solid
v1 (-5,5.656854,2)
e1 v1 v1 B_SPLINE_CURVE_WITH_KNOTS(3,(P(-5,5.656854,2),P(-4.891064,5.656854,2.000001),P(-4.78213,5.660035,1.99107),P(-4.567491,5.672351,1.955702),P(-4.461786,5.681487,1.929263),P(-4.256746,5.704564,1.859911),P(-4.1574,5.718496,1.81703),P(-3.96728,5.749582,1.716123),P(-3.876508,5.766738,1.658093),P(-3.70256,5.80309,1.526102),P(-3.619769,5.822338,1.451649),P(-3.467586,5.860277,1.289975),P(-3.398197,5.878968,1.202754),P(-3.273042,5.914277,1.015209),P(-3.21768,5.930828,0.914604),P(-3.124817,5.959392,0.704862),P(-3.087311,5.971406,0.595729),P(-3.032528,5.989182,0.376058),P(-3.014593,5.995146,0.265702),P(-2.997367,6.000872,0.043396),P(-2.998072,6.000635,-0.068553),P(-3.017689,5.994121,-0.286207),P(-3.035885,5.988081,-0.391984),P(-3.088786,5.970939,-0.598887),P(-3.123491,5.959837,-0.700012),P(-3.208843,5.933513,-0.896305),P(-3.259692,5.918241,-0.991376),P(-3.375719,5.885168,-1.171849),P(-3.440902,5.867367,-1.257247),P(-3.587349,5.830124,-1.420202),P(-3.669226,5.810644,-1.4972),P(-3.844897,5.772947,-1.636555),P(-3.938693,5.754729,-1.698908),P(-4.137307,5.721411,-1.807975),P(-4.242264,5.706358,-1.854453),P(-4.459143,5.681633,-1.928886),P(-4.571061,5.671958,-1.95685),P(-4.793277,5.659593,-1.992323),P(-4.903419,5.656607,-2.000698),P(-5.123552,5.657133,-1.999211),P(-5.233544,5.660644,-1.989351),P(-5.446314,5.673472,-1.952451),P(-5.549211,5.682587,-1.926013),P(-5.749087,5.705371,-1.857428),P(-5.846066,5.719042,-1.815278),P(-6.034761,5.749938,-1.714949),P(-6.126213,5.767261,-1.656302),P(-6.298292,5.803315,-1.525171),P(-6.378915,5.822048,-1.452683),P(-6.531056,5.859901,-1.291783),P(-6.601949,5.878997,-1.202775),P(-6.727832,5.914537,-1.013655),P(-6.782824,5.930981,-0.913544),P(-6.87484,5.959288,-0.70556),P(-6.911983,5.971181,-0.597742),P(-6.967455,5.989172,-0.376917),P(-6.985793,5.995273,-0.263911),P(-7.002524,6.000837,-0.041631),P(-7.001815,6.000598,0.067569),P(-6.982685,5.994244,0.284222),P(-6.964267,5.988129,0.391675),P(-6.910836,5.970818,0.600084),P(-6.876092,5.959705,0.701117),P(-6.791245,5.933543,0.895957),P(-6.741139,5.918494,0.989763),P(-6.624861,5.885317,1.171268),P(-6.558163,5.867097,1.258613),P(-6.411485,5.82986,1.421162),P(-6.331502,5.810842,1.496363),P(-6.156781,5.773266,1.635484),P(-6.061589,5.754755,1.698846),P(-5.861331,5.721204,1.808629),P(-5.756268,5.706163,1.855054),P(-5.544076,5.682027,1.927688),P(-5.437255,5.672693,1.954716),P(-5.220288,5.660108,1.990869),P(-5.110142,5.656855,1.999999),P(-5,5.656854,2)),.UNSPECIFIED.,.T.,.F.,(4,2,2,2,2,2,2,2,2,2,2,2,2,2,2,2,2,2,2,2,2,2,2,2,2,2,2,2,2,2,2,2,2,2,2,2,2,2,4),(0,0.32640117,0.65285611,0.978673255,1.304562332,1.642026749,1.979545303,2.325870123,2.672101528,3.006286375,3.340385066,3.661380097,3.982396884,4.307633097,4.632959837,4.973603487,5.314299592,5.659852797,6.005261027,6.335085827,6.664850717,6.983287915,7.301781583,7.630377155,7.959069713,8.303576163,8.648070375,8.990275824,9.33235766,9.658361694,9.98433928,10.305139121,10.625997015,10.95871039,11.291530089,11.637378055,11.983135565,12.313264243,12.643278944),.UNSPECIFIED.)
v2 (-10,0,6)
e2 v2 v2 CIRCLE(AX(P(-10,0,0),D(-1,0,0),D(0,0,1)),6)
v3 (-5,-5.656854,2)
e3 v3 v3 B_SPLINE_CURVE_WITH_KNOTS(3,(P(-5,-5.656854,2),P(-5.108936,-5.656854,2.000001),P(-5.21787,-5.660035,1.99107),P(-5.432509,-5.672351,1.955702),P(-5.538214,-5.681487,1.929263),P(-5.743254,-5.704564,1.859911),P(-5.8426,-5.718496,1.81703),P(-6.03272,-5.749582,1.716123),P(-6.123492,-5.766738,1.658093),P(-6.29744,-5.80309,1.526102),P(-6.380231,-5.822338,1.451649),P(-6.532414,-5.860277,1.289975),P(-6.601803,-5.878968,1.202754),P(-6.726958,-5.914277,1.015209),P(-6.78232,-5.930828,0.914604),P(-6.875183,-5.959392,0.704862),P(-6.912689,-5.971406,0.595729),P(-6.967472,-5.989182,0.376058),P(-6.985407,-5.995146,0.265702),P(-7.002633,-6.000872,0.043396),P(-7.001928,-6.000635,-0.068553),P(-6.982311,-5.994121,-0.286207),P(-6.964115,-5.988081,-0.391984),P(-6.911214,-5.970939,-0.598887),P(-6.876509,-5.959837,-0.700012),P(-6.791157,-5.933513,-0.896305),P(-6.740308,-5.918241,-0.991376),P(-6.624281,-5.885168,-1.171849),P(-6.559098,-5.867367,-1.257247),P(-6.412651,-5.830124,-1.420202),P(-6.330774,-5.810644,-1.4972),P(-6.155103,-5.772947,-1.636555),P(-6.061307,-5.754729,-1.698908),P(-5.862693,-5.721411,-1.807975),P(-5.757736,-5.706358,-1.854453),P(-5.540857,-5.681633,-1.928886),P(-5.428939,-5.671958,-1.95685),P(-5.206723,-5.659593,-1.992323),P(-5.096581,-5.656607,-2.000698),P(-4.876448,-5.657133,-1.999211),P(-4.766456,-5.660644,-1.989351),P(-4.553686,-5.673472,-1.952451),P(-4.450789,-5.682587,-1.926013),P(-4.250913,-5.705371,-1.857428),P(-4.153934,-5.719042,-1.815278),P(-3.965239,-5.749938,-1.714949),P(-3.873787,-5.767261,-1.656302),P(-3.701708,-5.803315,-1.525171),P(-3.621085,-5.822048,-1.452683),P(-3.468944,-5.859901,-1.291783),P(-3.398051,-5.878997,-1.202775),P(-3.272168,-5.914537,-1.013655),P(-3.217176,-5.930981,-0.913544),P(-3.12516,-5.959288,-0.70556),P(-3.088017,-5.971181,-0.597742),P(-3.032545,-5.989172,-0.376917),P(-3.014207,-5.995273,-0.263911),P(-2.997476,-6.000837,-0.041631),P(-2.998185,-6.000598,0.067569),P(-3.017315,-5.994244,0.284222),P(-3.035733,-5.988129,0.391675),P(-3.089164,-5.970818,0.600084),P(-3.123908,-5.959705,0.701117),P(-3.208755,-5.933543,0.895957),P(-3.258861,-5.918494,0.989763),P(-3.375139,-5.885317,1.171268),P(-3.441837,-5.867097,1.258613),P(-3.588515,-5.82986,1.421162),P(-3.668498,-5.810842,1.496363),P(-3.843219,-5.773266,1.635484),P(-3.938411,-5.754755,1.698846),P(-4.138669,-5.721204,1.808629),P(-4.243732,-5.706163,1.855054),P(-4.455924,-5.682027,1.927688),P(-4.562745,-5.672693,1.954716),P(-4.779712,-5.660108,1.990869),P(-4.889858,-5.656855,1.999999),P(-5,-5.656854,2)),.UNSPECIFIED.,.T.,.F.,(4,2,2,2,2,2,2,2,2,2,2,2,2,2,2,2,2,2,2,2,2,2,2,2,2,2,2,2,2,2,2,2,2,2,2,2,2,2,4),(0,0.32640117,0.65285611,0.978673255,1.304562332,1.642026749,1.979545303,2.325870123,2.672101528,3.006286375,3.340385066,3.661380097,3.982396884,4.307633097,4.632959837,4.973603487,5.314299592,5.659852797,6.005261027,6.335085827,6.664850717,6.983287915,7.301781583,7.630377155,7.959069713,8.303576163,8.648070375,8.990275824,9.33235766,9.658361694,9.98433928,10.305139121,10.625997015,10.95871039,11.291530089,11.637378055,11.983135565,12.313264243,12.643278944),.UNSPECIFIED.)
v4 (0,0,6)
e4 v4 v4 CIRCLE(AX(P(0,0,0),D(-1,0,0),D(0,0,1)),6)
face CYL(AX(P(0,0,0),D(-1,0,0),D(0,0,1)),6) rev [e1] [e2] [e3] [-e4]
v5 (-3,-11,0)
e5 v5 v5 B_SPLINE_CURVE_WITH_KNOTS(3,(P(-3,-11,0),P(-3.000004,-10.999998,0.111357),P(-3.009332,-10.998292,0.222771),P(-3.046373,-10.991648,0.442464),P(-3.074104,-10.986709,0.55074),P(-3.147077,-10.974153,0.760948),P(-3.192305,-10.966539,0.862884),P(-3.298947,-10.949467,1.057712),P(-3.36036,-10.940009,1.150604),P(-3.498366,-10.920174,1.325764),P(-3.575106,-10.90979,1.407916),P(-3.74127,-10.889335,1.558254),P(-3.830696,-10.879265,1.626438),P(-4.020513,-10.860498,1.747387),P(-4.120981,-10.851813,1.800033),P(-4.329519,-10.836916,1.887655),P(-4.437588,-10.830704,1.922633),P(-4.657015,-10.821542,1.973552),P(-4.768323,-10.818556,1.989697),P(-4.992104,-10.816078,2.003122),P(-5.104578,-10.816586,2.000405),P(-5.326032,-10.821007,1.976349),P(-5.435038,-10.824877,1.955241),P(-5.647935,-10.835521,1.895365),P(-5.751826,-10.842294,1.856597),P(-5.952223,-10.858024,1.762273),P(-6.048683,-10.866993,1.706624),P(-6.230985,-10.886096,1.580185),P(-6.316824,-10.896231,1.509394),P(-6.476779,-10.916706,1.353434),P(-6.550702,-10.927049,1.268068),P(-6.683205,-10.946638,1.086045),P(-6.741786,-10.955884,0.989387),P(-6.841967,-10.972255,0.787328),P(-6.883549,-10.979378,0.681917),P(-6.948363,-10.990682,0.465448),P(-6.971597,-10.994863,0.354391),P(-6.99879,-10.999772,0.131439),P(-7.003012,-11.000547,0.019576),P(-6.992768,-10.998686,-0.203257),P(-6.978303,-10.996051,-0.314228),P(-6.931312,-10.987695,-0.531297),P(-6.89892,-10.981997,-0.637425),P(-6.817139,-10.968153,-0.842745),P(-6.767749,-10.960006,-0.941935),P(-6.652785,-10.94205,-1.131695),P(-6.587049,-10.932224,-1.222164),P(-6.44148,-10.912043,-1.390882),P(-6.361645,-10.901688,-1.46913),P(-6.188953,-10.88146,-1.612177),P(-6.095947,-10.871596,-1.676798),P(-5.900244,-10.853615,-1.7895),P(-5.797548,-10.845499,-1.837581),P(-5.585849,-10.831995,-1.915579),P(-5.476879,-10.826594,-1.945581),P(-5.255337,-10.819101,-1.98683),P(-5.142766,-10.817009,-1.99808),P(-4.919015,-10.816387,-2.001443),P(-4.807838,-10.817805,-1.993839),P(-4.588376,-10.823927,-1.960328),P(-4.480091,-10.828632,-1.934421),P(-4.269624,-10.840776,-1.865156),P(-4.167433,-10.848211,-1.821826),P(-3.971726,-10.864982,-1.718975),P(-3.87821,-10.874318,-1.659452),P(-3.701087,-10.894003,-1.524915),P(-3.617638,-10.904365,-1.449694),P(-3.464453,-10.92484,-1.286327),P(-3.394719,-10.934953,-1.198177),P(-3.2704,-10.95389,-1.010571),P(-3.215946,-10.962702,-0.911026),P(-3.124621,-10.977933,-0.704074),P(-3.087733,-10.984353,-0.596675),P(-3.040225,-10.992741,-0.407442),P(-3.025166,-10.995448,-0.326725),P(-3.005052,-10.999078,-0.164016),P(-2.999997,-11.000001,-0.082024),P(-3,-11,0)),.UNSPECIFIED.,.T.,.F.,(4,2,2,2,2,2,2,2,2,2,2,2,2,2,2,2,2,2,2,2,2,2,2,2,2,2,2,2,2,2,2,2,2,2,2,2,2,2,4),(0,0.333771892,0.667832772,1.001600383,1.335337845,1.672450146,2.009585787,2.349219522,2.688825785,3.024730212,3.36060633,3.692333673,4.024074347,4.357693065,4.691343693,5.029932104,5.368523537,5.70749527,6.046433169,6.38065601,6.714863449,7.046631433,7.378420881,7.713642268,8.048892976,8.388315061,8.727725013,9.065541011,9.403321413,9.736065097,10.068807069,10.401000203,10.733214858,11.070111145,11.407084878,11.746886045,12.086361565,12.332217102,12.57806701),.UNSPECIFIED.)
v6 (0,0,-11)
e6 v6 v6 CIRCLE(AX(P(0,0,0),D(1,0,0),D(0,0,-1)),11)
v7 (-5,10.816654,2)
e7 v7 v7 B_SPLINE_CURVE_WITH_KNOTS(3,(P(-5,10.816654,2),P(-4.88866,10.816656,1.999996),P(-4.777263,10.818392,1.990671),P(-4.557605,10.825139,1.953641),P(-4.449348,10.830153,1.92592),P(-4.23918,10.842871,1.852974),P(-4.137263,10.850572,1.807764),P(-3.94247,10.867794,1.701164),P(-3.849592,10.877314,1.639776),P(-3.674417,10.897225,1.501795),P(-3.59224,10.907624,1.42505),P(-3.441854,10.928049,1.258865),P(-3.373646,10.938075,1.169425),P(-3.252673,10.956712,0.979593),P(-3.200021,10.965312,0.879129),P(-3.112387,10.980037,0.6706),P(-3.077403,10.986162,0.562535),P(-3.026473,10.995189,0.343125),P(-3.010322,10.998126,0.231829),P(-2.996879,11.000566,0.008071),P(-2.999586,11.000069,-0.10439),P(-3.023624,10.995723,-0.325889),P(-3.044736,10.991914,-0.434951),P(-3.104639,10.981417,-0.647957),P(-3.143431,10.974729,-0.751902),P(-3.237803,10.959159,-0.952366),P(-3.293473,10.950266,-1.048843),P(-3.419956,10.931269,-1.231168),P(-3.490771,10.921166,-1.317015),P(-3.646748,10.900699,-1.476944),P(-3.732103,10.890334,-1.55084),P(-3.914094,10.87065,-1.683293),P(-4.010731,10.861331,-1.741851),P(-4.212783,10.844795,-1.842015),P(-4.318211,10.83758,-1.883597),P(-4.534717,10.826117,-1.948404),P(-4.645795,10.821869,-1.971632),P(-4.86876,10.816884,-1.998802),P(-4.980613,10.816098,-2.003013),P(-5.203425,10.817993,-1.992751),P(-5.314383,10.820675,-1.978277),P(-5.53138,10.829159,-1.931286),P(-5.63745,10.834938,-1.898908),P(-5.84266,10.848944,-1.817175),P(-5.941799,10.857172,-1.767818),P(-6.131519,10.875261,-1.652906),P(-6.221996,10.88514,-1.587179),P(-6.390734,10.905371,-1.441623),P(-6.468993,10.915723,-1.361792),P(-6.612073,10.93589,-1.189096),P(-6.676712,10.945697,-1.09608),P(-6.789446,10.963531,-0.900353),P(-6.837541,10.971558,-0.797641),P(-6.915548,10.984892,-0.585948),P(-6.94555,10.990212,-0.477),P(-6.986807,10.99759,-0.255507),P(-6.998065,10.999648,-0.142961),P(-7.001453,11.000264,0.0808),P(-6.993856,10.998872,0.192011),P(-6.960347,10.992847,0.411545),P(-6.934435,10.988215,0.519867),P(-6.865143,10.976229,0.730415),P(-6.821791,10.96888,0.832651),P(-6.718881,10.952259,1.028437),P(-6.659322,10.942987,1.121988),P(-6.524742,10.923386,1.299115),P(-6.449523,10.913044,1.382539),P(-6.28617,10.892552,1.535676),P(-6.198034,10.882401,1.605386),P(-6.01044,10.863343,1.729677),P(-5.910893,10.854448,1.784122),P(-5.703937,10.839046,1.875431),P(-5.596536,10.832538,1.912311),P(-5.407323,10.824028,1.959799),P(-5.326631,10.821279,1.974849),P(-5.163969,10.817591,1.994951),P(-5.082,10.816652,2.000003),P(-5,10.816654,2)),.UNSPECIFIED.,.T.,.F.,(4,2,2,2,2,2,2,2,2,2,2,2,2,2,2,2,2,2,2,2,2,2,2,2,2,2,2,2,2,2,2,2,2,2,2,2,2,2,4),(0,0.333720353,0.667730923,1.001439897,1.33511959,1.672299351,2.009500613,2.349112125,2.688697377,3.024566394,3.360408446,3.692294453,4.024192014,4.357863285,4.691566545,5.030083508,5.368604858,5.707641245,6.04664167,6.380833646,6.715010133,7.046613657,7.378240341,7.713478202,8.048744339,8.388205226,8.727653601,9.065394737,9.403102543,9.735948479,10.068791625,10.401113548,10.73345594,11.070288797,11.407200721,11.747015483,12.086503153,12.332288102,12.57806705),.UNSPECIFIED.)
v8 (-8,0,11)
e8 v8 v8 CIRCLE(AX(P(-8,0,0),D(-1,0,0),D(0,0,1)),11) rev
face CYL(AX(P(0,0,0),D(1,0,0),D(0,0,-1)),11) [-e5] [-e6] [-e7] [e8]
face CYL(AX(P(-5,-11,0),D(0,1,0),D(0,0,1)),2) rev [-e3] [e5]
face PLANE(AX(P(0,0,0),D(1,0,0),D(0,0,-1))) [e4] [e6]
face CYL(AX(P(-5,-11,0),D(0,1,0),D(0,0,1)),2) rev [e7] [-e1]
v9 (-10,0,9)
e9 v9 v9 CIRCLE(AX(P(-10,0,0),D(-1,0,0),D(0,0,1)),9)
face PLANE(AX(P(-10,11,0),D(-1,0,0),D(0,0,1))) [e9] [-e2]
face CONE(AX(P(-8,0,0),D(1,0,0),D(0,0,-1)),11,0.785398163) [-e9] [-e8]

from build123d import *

# Parameters (mm, degrees)
SKETCH_1_W               = 10
SKETCH_1_H               = 11
CHAMFER_1_SIZE           = 2
SKETCH_2_R               = 6
CUT_EXTRUDE_1_DEPTH      = 19.493242009
CUT_EXTRUDE_2_DEPTH      = 19.493242009
CUT_EXTRUDE_2_DEPTH_BACK = 19.493242009
SKETCH_3_R               = 2


with BuildPart() as part:
    # 草图1 → 旋转1 (revolve)
    with BuildSketch(Plane.XY, mode=Mode.PRIVATE) as revolve_1_sk:
        with Locations((-5, 5.5)):
            Rectangle(SKETCH_1_W, SKETCH_1_H)
    revolve(revolve_1_sk.sketch.rotate(Axis((0, 0, 0), (-1, 0, 0)), 90), axis=Axis((0, 0, 0), (-1, 0, 0)))

    # 倒角1
    chamfer_1_edges = [part.edges().sort_by_distance(p)[0] for p in [
        (-10, 0, 11),
    ]]
    chamfer(chamfer_1_edges, length=CHAMFER_1_SIZE)

    # 草图2 → 切除-拉伸1 (cut, through all)
    with BuildSketch(Plane.ZY.offset(10)):
        Circle(SKETCH_2_R)
    extrude(amount=-CUT_EXTRUDE_1_DEPTH, mode=Mode.SUBTRACT)

    # 草图3 → 切除-拉伸2 (cut, two sides: drawn at the far end of the back side and taken through both)
    with BuildSketch(Plane(origin=(0, 0, 0), x_dir=(1, 0, 0), z_dir=(0, 1, 0)).offset(-CUT_EXTRUDE_2_DEPTH_BACK)):
        with Locations(Location((-5, 0, 0), (0, 0, 270))):
            Circle(SKETCH_3_R)
    extrude(amount=CUT_EXTRUDE_2_DEPTH + CUT_EXTRUDE_2_DEPTH_BACK, mode=Mode.SUBTRACT)


solid = part.part
